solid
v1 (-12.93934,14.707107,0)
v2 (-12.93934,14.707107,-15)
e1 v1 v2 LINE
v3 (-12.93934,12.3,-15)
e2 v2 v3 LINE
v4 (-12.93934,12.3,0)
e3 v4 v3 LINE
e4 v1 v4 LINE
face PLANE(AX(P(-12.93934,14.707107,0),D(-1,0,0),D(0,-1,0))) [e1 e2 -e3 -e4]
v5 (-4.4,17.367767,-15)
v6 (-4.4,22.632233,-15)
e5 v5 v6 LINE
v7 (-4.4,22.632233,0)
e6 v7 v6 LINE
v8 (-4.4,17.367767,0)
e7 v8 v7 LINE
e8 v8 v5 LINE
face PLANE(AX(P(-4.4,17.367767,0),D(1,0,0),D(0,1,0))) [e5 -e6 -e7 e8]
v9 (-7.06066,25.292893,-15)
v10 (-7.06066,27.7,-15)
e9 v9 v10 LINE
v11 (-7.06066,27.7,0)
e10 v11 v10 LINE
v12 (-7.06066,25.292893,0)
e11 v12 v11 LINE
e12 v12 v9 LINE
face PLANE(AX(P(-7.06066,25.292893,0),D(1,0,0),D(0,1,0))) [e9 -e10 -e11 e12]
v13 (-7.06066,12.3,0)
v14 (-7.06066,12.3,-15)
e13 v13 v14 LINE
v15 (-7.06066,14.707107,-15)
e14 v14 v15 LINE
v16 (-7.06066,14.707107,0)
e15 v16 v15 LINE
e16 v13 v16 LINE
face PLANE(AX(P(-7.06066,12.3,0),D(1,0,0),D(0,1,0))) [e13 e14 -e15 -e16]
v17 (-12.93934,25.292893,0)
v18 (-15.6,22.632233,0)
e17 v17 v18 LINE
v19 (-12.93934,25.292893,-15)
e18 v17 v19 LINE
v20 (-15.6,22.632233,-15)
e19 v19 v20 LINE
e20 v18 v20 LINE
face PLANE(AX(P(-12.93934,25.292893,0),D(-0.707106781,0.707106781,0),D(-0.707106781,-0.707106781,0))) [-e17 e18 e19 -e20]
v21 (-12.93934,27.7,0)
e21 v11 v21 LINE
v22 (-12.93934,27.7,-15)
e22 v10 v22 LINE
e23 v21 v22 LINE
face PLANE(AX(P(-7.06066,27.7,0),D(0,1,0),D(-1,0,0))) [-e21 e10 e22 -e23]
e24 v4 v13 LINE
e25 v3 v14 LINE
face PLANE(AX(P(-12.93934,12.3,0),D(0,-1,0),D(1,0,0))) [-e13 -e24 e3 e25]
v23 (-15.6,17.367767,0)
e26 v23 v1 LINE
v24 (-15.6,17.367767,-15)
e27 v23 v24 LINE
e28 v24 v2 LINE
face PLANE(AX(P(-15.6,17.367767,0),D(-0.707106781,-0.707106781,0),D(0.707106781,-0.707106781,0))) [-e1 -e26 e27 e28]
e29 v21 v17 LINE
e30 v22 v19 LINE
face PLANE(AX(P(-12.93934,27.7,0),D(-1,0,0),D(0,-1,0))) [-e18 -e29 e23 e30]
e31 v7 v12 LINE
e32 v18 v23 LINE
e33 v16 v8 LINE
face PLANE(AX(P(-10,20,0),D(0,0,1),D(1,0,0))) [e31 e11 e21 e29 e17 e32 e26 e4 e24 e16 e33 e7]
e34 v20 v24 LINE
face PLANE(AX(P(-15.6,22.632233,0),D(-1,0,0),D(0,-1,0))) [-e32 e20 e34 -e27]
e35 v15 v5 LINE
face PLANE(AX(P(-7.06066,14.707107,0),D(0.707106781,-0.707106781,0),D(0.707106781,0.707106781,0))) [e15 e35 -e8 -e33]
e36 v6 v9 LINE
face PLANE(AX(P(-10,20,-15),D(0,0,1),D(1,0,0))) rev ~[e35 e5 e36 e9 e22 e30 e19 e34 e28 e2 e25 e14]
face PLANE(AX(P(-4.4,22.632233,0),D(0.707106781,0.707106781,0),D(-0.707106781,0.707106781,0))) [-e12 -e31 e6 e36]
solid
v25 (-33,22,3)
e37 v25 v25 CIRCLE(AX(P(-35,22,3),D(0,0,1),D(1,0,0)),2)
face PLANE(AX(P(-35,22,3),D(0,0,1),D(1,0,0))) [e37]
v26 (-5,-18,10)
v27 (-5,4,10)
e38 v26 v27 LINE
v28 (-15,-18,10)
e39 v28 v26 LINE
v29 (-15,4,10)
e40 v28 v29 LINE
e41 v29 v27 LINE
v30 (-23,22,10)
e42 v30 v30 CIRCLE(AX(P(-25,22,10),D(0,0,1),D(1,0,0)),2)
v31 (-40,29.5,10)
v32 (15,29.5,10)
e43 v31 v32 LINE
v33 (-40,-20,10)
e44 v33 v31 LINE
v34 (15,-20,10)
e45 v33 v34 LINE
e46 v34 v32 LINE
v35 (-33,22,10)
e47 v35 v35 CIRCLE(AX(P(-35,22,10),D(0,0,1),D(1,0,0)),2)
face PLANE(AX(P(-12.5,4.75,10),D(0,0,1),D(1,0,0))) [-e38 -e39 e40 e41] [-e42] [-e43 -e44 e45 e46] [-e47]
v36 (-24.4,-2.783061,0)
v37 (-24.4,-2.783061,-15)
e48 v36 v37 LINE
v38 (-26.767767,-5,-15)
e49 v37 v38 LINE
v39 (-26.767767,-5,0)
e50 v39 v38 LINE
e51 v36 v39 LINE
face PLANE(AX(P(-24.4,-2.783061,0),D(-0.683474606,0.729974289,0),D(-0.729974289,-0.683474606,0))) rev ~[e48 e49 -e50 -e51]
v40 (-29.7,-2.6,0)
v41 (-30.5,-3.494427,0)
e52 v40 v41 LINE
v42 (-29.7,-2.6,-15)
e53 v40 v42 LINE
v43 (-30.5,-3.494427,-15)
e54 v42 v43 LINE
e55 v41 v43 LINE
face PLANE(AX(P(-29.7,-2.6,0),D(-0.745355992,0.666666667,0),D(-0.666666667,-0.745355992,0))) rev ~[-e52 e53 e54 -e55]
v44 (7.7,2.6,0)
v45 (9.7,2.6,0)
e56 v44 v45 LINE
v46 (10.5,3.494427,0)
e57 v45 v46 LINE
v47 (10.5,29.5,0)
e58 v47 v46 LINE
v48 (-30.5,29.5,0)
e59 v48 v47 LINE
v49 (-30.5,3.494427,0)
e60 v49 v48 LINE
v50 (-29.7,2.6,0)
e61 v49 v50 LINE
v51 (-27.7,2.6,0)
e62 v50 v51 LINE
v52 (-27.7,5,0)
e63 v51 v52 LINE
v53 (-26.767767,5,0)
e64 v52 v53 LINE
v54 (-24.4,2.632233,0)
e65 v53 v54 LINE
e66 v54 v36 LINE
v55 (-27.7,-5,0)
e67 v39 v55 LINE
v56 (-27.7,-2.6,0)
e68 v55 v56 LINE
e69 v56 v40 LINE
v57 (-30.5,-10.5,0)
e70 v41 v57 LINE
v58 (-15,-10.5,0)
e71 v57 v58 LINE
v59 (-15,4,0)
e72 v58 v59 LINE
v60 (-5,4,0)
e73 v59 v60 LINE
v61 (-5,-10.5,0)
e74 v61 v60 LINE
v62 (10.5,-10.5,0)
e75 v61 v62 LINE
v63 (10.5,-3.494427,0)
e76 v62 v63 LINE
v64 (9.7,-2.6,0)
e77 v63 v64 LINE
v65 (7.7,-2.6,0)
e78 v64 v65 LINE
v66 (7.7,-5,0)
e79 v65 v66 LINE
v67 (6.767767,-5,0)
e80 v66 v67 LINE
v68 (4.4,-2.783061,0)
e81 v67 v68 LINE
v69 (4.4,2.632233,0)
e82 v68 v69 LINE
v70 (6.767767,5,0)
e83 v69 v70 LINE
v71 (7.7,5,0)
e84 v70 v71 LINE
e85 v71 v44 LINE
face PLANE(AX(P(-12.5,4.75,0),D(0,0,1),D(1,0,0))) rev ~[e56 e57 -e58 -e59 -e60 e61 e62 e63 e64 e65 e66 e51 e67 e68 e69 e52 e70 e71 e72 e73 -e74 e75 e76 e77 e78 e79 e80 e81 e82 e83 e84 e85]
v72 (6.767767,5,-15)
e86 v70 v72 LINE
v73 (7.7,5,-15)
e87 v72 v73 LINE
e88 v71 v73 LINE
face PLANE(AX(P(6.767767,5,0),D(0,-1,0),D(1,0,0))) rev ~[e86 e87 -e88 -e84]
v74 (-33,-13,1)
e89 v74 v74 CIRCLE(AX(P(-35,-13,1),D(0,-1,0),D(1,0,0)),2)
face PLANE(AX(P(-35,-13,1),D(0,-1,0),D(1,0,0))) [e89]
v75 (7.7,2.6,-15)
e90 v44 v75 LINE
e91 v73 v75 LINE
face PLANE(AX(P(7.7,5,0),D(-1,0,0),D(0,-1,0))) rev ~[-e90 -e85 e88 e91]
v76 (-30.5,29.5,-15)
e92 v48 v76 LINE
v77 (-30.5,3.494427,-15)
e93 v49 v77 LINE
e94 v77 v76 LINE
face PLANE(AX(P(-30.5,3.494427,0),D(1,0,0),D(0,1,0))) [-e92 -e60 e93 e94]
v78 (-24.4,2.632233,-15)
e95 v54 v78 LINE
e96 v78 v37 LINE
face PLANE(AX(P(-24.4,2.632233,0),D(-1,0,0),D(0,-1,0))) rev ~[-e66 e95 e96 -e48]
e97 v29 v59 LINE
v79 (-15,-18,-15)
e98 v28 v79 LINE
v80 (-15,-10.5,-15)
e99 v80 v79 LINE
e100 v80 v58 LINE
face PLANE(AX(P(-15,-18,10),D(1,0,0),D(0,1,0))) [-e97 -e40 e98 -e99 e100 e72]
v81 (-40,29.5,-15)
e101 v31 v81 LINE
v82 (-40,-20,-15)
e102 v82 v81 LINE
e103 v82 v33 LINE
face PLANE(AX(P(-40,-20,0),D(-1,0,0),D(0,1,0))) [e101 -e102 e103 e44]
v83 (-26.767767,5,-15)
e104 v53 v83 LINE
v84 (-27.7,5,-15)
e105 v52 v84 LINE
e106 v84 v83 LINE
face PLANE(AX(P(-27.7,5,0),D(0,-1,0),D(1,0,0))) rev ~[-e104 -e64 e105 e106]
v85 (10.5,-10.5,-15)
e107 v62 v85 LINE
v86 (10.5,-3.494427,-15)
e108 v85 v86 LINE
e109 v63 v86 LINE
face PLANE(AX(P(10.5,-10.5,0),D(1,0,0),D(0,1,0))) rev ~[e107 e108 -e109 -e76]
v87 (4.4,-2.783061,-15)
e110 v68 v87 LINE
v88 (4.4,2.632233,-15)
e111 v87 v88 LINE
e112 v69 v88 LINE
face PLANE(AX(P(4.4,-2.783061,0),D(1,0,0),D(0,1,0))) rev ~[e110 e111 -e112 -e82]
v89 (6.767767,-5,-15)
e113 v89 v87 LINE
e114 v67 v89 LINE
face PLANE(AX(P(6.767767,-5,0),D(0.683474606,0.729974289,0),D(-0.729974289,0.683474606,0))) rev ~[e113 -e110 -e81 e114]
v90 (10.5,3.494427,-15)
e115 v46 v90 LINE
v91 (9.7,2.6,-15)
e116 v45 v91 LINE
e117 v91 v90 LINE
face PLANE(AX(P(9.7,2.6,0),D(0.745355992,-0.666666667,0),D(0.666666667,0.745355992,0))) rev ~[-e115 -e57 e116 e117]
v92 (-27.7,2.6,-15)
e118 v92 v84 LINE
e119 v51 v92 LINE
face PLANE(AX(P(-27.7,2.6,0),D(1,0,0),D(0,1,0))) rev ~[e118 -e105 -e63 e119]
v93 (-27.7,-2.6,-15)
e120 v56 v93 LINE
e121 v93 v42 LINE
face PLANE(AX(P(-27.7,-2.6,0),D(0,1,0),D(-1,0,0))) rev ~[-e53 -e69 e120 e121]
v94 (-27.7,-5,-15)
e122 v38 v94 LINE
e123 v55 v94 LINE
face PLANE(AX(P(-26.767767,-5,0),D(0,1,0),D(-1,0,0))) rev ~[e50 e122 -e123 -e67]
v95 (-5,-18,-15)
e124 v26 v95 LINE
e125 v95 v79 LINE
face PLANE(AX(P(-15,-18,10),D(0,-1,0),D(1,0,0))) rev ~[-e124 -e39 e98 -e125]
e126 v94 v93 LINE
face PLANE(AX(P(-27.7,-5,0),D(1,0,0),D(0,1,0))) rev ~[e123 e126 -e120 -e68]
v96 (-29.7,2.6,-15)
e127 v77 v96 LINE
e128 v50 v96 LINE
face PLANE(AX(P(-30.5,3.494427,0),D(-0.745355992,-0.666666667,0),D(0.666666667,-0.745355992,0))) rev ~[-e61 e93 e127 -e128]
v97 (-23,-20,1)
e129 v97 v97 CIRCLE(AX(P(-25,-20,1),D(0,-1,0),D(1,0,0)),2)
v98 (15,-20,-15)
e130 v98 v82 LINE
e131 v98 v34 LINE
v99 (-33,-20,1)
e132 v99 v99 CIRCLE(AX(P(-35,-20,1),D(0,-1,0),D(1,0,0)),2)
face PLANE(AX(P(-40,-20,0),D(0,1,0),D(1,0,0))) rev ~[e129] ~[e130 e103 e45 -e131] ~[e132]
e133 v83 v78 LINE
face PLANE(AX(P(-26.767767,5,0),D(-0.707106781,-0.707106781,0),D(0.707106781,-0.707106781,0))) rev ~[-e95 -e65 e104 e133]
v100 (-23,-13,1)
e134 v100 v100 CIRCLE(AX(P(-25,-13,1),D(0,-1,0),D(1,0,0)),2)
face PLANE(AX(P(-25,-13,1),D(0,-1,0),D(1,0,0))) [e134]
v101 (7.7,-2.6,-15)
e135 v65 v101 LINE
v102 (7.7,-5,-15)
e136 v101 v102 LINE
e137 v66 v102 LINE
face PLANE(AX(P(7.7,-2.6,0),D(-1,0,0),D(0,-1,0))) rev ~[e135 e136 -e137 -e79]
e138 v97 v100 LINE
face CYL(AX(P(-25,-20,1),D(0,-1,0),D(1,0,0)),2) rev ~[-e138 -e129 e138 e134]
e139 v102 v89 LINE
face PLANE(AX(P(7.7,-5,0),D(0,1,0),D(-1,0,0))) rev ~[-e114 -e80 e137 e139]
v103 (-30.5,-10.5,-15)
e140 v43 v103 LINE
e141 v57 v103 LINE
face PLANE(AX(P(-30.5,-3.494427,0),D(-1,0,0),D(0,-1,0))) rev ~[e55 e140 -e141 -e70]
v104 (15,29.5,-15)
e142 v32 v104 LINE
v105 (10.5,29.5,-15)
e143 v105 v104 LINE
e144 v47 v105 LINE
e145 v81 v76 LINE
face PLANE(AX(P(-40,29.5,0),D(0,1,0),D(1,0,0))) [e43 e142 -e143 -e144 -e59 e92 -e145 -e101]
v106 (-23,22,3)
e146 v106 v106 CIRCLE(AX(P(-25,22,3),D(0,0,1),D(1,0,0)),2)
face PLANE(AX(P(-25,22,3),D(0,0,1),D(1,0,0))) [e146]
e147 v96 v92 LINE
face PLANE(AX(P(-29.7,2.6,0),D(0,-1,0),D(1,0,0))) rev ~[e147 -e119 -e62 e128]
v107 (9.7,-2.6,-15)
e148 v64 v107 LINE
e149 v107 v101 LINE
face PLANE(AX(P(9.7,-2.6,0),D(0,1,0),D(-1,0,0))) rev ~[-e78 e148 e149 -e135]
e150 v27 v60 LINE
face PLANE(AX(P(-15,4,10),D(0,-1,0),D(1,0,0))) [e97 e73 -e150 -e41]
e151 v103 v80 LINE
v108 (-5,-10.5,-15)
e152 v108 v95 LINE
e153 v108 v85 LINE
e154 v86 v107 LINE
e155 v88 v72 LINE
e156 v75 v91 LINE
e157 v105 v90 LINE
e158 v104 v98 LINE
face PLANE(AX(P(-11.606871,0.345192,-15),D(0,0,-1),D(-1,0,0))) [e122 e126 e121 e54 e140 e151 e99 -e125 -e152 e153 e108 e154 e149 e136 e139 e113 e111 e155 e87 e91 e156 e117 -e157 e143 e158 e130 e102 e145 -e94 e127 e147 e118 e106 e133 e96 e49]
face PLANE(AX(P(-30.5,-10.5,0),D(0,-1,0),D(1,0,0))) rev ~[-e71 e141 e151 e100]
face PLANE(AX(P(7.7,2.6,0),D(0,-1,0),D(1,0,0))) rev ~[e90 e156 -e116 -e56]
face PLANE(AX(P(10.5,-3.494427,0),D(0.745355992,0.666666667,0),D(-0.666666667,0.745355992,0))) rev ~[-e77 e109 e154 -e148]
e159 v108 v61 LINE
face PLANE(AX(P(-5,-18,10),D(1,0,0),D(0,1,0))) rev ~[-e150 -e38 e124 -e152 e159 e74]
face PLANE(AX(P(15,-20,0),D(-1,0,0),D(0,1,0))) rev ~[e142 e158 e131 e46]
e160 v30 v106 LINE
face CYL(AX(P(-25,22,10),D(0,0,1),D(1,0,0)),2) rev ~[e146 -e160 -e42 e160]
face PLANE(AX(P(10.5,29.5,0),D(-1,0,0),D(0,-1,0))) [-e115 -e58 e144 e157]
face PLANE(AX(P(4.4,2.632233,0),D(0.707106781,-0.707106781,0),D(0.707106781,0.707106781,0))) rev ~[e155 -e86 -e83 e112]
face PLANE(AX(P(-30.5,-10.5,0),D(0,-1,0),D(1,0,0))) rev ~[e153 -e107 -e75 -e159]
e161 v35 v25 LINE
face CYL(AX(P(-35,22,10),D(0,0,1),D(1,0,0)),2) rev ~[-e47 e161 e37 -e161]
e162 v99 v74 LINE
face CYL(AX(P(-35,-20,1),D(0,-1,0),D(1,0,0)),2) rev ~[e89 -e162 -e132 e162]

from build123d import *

# Parameters (mm, degrees)
BOSS_EXTRUDE1_DEPTH = 15
SKETCH3_W           = 55
SKETCH3_H           = 49.5
BOSS_EXTRUDE2_DEPTH = 10
BOSS_EXTRUDE3_DEPTH = 15
SKETCH5_R           = 2
CUT_EXTRUDE1_DEPTH  = 7
SKETCH6_R           = 2
CUT_EXTRUDE2_DEPTH  = 7
SKETCH7_W           = 10
SKETCH7_H           = 22
CUT_EXTRUDE3_DEPTH  = 43


with BuildPart() as part:
    # Sketch1 → Boss-Extrude1 (new body)
    with BuildSketch(Plane.XY):
        Polygon((15, -20), (-40, -20), (-40, 29.5), (-30.5, 29.5), (-30.5, 10), (-30.5, 3.494427191), (-29.7, 2.6), (-27.7, 2.6), (-27.7, 5), (-26.767766953, 5), (-24.4, 2.632233047), (-24.4, -2.783060843), (-26.767766953, -5), (-27.7, -5), (-27.7, -2.6), (-29.7, -2.6), (-30.5, -3.494427191), (-30.5, -10.5), (10.5, -10.5), (10.5, -3.494427191), (9.7, -2.6), (7.7, -2.6), (7.7, -5), (6.767766953, -5), (4.4, -2.783060843), (4.4, 2.632233047), (6.767766953, 5), (7.7, 5), (7.7, 2.6), (9.7, 2.6), (10.5, 3.494427191), (10.5, 10), (10.5, 29.5), (15, 29.5), align=None)
    extrude(amount=-BOSS_EXTRUDE1_DEPTH)

    # Sketch3 → Boss-Extrude2 (add)
    with BuildSketch(Plane.XY):
        with Locations((-12.5, 4.75)):
            Rectangle(SKETCH3_W, SKETCH3_H)
    extrude(amount=BOSS_EXTRUDE2_DEPTH)

    # Sketch5 → Cut-Extrude1 (cut)
    with BuildSketch(Plane.XY.offset(10)):
        with Locations((-35, 22)):
            Circle(SKETCH5_R)
        with Locations((-25, 22)):
            Circle(SKETCH5_R)
    extrude(amount=-CUT_EXTRUDE1_DEPTH, mode=Mode.SUBTRACT)

    # Sketch6 → Cut-Extrude2 (cut)
    with BuildSketch(Plane(origin=(0, -20, 0), x_dir=(-1, 0, 0), z_dir=(0, -1, 0))):
        with Locations(Location((35, -1, 0), (0, 0, 180))):
            Circle(SKETCH6_R)
        with Locations(Location((25, -1, 0), (0, 0, 180))):
            Circle(SKETCH6_R)
    extrude(amount=-CUT_EXTRUDE2_DEPTH, mode=Mode.SUBTRACT)

    # Sketch7 → Cut-Extrude3 (cut)
    with BuildSketch(Plane.XY.offset(10)):
        with Locations((-10, -7)):
            Rectangle(SKETCH7_W, SKETCH7_H)
    extrude(amount=-CUT_EXTRUDE3_DEPTH, mode=Mode.SUBTRACT)


with BuildPart() as body_2:
    # Sketch4 → Boss-Extrude3 (new body)
    with BuildSketch(Plane(origin=(0, 0, 0), x_dir=(-1, 0, 0), z_dir=(0, 0, -1))):
        Polygon((12.939339828, 25.292893219), (15.6, 22.632233047), (15.6, 17.367766953), (12.939339828, 14.707106781), (12.939339828, 12.3), (7.060660172, 12.3), (7.060660172, 14.707106781), (4.4, 17.367766953), (4.4, 22.632233047), (7.060660172, 25.292893219), (7.060660172, 27.7), (12.939339828, 27.7), align=None)
    extrude(amount=BOSS_EXTRUDE3_DEPTH)


solid = Compound([part.part, body_2.part])
